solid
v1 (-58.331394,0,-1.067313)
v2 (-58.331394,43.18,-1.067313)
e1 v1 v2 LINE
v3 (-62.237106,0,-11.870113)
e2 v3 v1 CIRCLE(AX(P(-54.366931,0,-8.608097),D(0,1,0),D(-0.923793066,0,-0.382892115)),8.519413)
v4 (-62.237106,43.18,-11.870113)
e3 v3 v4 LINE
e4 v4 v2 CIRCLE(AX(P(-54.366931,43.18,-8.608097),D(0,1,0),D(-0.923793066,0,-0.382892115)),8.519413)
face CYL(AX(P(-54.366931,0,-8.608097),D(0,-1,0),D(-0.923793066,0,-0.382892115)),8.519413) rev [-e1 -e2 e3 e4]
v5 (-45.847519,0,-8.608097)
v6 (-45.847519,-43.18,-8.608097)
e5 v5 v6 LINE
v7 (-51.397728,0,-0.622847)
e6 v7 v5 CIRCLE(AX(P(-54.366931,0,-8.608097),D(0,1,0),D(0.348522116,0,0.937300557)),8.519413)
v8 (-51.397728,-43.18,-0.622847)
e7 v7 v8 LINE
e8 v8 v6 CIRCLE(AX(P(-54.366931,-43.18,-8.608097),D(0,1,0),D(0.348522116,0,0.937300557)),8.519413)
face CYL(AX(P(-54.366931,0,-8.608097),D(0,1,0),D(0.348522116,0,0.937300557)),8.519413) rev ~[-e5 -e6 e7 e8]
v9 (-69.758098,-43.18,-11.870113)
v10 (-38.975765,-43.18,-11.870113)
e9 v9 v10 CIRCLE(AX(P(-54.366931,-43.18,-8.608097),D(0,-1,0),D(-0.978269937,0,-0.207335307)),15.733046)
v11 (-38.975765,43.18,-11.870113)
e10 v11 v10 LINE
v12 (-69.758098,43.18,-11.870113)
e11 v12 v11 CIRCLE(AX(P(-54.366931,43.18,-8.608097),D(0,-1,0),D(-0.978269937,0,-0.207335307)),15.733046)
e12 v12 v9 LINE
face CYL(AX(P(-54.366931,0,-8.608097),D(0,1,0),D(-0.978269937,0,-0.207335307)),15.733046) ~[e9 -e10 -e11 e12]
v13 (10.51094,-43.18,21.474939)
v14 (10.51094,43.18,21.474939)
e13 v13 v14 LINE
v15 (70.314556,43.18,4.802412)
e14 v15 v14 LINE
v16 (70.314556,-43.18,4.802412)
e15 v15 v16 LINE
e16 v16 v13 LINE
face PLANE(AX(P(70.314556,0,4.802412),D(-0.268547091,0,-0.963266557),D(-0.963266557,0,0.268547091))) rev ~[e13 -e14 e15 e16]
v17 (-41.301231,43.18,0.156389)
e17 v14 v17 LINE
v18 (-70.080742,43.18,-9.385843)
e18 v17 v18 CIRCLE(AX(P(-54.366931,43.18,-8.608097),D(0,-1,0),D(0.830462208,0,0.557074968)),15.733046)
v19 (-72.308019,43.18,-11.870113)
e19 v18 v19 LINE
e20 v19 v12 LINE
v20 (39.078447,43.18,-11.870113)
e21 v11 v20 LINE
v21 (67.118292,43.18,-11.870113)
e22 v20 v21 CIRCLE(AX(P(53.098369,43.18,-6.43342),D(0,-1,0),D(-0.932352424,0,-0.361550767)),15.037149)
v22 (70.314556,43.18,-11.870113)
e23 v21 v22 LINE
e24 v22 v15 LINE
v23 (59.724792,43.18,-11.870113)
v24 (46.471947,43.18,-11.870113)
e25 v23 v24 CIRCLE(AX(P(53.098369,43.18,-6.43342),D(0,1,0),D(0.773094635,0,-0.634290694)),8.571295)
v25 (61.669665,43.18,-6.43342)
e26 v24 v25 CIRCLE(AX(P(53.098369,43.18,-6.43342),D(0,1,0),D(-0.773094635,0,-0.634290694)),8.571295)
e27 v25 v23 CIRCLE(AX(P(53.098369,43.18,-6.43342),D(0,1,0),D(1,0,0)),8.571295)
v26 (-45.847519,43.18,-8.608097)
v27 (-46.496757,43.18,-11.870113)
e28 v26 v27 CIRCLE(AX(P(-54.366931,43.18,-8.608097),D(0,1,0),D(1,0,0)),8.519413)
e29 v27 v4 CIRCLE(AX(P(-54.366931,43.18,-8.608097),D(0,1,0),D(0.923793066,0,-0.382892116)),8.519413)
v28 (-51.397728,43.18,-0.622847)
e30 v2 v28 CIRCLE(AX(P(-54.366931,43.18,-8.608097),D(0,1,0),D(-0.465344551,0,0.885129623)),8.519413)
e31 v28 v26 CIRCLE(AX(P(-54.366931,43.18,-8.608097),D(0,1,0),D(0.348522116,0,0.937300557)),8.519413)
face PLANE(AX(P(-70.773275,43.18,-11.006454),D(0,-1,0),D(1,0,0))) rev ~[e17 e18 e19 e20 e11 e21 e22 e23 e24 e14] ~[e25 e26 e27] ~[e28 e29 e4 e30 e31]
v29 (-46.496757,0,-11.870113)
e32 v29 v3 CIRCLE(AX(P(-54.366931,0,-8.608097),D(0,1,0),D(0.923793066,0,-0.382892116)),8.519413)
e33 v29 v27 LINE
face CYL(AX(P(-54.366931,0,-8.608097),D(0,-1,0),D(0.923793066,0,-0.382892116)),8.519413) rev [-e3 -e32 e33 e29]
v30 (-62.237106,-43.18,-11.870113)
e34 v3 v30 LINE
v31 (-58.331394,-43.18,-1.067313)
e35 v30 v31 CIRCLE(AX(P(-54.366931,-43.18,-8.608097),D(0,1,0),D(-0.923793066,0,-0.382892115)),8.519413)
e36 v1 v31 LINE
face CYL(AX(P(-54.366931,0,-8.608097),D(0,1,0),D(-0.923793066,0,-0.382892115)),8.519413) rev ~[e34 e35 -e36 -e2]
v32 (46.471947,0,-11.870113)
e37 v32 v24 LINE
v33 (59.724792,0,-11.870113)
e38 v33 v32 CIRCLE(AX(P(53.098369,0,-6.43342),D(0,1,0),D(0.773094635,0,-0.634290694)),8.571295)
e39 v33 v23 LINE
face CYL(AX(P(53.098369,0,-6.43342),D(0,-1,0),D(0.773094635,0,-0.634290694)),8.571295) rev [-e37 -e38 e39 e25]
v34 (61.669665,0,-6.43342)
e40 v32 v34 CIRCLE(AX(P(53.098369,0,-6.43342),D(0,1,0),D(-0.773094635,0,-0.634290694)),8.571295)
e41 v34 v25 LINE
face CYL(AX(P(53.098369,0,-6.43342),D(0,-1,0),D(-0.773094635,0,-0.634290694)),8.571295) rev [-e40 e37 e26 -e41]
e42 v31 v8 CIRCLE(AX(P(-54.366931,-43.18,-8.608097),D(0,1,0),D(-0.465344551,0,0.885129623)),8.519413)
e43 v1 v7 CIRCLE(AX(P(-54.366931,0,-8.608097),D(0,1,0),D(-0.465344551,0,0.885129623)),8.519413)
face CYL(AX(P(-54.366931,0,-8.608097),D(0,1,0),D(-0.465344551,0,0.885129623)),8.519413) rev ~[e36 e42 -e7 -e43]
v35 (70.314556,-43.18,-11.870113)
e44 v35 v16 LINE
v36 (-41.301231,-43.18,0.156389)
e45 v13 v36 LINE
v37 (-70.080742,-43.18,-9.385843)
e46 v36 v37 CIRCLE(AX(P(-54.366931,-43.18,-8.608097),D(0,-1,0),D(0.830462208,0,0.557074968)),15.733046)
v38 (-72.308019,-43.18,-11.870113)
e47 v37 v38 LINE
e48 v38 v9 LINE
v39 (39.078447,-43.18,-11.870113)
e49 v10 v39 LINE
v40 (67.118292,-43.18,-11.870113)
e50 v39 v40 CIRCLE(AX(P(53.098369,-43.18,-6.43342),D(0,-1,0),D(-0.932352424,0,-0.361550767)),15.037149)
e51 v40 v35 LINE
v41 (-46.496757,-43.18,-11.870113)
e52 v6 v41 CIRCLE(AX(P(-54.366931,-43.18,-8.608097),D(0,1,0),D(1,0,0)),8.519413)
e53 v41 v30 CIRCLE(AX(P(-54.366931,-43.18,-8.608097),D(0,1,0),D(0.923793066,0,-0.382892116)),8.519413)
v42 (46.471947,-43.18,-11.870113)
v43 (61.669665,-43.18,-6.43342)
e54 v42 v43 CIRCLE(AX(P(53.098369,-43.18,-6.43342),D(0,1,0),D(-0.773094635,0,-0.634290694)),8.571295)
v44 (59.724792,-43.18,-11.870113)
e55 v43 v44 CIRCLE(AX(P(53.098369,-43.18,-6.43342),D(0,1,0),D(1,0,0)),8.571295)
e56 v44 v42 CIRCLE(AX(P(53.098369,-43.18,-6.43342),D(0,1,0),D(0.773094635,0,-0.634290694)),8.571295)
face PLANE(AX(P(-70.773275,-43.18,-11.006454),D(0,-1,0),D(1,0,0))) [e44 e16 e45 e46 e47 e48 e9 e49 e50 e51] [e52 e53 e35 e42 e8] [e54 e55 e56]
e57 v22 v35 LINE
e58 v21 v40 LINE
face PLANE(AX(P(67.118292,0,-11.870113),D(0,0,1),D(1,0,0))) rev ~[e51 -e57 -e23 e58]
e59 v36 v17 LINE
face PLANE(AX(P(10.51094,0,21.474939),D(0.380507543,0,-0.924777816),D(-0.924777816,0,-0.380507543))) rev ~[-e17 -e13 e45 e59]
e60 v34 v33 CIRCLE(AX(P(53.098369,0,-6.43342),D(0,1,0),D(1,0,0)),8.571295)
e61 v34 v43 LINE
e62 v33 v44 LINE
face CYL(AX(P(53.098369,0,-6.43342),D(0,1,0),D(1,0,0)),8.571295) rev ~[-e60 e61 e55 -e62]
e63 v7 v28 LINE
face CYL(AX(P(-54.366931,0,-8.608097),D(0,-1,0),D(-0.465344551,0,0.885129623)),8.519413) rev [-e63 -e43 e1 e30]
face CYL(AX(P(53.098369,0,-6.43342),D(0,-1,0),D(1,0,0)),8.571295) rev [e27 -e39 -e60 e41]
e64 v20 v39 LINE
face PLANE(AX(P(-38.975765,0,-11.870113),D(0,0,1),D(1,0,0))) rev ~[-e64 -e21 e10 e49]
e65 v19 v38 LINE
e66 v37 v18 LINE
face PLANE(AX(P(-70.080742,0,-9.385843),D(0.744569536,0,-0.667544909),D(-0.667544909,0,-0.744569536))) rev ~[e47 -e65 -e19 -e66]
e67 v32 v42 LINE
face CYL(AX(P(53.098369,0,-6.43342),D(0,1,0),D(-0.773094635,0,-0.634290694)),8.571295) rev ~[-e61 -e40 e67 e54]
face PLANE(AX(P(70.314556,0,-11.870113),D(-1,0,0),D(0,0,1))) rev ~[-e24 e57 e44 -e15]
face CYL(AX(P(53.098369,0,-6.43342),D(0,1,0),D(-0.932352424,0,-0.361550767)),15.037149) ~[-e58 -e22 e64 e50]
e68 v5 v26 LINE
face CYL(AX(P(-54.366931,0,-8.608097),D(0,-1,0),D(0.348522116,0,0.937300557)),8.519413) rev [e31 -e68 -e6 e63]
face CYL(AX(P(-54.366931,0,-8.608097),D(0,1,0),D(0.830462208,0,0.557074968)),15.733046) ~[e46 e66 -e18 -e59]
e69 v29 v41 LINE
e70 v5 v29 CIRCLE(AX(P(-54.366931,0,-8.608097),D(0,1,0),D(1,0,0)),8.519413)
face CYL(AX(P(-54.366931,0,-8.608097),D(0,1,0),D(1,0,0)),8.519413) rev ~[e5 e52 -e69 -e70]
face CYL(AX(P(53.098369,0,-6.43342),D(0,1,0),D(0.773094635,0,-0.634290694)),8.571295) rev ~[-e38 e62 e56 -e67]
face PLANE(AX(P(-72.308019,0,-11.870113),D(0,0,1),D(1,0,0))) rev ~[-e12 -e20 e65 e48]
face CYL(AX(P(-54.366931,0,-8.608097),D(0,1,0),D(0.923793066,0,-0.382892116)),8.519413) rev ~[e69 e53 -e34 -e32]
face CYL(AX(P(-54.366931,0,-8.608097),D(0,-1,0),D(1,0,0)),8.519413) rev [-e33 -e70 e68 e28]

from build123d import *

# Parameters (mm, degrees)
F1_DEPTH = 43.18
F2_DEPTH = 43.18


with BuildPart() as f1:
    # F0 (on Front) → F1 (new body)
    with BuildSketch(Plane.XZ):
        with BuildLine():
            Line((-70.0807423792, -9.385842626), (-72.3080188036, -11.8701132014))
            Line((-72.3080188036, -11.8701132014), (-69.75809754, -11.8701132014))
            ThreePointArc((-69.75809754, -11.8701132014), (-69.9689441055, -10.6344098661), (-70.0807423792, -9.385842626))
        make_face()
        with BuildLine():
            ThreePointArc((-70.0807423792, -9.385842626), (-69.9689441055, -10.6344098661), (-69.75809754, -11.8701132014))
            Line((-69.75809754, -11.8701132014), (-62.2371057887, -11.8701132014))
            ThreePointArc((-62.2371057887, -11.8701132014), (-62.3787839374, -5.7114418757), (-58.3313936433, -1.0673125706))
            Line((-58.3313936433, -1.0673125706), (-62.8844201565, -1.3591732131))
            Line((-62.8844201565, -1.3591732131), (-70.0807423792, -9.385842626))
        make_face()
        with BuildLine():
            Line((-62.2371057887, -11.8701132014), (-69.75809754, -11.8701132014))
            ThreePointArc((-69.75809754, -11.8701132014), (-54.3669313192, -24.3411435131), (-38.9757650985, -11.8701132014))
            Line((-38.9757650985, -11.8701132014), (-46.4967568498, -11.8701132014))
            ThreePointArc((-46.4967568498, -11.8701132014), (-54.3669313192, -17.1275100133), (-62.2371057887, -11.8701132014))
        make_face()
        with BuildLine():
            ThreePointArc((-41.301230943, 0.1563890629), (-59.3183623194, 6.3254916753), (-70.0807423792, -9.385842626))
            Line((-70.0807423792, -9.385842626), (-62.8844201565, -1.3591732131))
            Line((-62.8844201565, -1.3591732131), (-58.3313936433, -1.0673125706))
            ThreePointArc((-58.3313936433, -1.0673125706), (-54.9119288787, -0.1061343687), (-51.3977275424, -0.6228468428))
            Line((-51.3977275424, -0.6228468428), (-41.6813157499, 0))
            Line((-41.6813157499, 0), (-41.301230943, 0.1563890629))
        make_face()
        with BuildLine():
            ThreePointArc((-38.6338850166, -8.6080972105), (-38.7195884656, -10.2480385445), (-38.9757650985, -11.8701132014))
            Line((-38.9757650985, -11.8701132014), (39.0784468264, -11.8701132014))
            ThreePointArc((39.0784468264, -11.8701132014), (50.3328504817, 8.347234678), (68.1355186493, -6.4334203489))
            ThreePointArc((68.1355186493, -6.4334203489), (67.8790244167, -9.198939257), (67.1182919531, -11.8701132014))
            Line((67.1182919531, -11.8701132014), (70.3145563602, -11.8701132014))
            Line((70.3145563602, -11.8701132014), (70.3145563602, 4.8024123535))
            Line((70.3145563602, 4.8024123535), (10.5109401047, 21.4749388397))
            Line((10.5109401047, 21.4749388397), (-41.301230943, 0.1563890629))
            ThreePointArc((-41.301230943, 0.1563890629), (-39.3154859575, -4.0274052888), (-38.6338850166, -8.6080972105))
        make_face()
        with BuildLine():
            Line((-46.4967568498, -11.8701132014), (-38.9757650985, -11.8701132014))
            ThreePointArc((-38.9757650985, -11.8701132014), (-38.7195884656, -10.2480385445), (-38.6338850166, -8.6080972105))
            ThreePointArc((-38.6338850166, -8.6080972105), (-39.3154859575, -4.0274052888), (-41.301230943, 0.1563890629))
            Line((-41.301230943, 0.1563890629), (-41.6813157499, 0))
            Line((-41.6813157499, 0), (-51.3977275424, -0.6228468428))
            ThreePointArc((-51.3977275424, -0.6228468428), (-47.3713517444, -3.7457663994), (-45.8475185164, -8.6080972105))
            ThreePointArc((-45.8475185164, -8.6080972105), (-46.0114044167, -10.2710959131), (-46.4967568498, -11.8701132014))
        make_face()
        with BuildLine():
            ThreePointArc((68.1355186493, -6.4334203489), (50.3328504817, 8.347234678), (39.0784468264, -11.8701132014))
            Line((39.0784468264, -11.8701132014), (46.4719469685, -11.8701132014))
            ThreePointArc((46.4719469685, -11.8701132014), (50.2113224676, 1.6370234646), (61.669664699, -6.4334203489))
            ThreePointArc((61.669664699, -6.4334203489), (61.1688132033, -9.3204672711), (59.7247918111, -11.8701132014))
            Line((59.7247918111, -11.8701132014), (67.1182919531, -11.8701132014))
            ThreePointArc((67.1182919531, -11.8701132014), (67.8790244167, -9.198939257), (68.1355186493, -6.4334203489))
        make_face()
        with BuildLine():
            Line((46.4719469685, -11.8701132014), (39.0784468264, -11.8701132014))
            ThreePointArc((39.0784468264, -11.8701132014), (53.0983693898, -21.4705696085), (67.1182919531, -11.8701132014))
            Line((67.1182919531, -11.8701132014), (59.7247918111, -11.8701132014))
            ThreePointArc((59.7247918111, -11.8701132014), (53.0983693898, -15.0047156582), (46.4719469685, -11.8701132014))
        make_face()
    extrude(amount=-F1_DEPTH)

    # F2 (add): a face of the model
    f2_faces = [f1.faces().sort_by_distance(p)[0] for p in [
        (3.5191832368, 0, -1.3282165555),
    ]]
    extrude(f2_faces, amount=F2_DEPTH)


solid = f1.part
